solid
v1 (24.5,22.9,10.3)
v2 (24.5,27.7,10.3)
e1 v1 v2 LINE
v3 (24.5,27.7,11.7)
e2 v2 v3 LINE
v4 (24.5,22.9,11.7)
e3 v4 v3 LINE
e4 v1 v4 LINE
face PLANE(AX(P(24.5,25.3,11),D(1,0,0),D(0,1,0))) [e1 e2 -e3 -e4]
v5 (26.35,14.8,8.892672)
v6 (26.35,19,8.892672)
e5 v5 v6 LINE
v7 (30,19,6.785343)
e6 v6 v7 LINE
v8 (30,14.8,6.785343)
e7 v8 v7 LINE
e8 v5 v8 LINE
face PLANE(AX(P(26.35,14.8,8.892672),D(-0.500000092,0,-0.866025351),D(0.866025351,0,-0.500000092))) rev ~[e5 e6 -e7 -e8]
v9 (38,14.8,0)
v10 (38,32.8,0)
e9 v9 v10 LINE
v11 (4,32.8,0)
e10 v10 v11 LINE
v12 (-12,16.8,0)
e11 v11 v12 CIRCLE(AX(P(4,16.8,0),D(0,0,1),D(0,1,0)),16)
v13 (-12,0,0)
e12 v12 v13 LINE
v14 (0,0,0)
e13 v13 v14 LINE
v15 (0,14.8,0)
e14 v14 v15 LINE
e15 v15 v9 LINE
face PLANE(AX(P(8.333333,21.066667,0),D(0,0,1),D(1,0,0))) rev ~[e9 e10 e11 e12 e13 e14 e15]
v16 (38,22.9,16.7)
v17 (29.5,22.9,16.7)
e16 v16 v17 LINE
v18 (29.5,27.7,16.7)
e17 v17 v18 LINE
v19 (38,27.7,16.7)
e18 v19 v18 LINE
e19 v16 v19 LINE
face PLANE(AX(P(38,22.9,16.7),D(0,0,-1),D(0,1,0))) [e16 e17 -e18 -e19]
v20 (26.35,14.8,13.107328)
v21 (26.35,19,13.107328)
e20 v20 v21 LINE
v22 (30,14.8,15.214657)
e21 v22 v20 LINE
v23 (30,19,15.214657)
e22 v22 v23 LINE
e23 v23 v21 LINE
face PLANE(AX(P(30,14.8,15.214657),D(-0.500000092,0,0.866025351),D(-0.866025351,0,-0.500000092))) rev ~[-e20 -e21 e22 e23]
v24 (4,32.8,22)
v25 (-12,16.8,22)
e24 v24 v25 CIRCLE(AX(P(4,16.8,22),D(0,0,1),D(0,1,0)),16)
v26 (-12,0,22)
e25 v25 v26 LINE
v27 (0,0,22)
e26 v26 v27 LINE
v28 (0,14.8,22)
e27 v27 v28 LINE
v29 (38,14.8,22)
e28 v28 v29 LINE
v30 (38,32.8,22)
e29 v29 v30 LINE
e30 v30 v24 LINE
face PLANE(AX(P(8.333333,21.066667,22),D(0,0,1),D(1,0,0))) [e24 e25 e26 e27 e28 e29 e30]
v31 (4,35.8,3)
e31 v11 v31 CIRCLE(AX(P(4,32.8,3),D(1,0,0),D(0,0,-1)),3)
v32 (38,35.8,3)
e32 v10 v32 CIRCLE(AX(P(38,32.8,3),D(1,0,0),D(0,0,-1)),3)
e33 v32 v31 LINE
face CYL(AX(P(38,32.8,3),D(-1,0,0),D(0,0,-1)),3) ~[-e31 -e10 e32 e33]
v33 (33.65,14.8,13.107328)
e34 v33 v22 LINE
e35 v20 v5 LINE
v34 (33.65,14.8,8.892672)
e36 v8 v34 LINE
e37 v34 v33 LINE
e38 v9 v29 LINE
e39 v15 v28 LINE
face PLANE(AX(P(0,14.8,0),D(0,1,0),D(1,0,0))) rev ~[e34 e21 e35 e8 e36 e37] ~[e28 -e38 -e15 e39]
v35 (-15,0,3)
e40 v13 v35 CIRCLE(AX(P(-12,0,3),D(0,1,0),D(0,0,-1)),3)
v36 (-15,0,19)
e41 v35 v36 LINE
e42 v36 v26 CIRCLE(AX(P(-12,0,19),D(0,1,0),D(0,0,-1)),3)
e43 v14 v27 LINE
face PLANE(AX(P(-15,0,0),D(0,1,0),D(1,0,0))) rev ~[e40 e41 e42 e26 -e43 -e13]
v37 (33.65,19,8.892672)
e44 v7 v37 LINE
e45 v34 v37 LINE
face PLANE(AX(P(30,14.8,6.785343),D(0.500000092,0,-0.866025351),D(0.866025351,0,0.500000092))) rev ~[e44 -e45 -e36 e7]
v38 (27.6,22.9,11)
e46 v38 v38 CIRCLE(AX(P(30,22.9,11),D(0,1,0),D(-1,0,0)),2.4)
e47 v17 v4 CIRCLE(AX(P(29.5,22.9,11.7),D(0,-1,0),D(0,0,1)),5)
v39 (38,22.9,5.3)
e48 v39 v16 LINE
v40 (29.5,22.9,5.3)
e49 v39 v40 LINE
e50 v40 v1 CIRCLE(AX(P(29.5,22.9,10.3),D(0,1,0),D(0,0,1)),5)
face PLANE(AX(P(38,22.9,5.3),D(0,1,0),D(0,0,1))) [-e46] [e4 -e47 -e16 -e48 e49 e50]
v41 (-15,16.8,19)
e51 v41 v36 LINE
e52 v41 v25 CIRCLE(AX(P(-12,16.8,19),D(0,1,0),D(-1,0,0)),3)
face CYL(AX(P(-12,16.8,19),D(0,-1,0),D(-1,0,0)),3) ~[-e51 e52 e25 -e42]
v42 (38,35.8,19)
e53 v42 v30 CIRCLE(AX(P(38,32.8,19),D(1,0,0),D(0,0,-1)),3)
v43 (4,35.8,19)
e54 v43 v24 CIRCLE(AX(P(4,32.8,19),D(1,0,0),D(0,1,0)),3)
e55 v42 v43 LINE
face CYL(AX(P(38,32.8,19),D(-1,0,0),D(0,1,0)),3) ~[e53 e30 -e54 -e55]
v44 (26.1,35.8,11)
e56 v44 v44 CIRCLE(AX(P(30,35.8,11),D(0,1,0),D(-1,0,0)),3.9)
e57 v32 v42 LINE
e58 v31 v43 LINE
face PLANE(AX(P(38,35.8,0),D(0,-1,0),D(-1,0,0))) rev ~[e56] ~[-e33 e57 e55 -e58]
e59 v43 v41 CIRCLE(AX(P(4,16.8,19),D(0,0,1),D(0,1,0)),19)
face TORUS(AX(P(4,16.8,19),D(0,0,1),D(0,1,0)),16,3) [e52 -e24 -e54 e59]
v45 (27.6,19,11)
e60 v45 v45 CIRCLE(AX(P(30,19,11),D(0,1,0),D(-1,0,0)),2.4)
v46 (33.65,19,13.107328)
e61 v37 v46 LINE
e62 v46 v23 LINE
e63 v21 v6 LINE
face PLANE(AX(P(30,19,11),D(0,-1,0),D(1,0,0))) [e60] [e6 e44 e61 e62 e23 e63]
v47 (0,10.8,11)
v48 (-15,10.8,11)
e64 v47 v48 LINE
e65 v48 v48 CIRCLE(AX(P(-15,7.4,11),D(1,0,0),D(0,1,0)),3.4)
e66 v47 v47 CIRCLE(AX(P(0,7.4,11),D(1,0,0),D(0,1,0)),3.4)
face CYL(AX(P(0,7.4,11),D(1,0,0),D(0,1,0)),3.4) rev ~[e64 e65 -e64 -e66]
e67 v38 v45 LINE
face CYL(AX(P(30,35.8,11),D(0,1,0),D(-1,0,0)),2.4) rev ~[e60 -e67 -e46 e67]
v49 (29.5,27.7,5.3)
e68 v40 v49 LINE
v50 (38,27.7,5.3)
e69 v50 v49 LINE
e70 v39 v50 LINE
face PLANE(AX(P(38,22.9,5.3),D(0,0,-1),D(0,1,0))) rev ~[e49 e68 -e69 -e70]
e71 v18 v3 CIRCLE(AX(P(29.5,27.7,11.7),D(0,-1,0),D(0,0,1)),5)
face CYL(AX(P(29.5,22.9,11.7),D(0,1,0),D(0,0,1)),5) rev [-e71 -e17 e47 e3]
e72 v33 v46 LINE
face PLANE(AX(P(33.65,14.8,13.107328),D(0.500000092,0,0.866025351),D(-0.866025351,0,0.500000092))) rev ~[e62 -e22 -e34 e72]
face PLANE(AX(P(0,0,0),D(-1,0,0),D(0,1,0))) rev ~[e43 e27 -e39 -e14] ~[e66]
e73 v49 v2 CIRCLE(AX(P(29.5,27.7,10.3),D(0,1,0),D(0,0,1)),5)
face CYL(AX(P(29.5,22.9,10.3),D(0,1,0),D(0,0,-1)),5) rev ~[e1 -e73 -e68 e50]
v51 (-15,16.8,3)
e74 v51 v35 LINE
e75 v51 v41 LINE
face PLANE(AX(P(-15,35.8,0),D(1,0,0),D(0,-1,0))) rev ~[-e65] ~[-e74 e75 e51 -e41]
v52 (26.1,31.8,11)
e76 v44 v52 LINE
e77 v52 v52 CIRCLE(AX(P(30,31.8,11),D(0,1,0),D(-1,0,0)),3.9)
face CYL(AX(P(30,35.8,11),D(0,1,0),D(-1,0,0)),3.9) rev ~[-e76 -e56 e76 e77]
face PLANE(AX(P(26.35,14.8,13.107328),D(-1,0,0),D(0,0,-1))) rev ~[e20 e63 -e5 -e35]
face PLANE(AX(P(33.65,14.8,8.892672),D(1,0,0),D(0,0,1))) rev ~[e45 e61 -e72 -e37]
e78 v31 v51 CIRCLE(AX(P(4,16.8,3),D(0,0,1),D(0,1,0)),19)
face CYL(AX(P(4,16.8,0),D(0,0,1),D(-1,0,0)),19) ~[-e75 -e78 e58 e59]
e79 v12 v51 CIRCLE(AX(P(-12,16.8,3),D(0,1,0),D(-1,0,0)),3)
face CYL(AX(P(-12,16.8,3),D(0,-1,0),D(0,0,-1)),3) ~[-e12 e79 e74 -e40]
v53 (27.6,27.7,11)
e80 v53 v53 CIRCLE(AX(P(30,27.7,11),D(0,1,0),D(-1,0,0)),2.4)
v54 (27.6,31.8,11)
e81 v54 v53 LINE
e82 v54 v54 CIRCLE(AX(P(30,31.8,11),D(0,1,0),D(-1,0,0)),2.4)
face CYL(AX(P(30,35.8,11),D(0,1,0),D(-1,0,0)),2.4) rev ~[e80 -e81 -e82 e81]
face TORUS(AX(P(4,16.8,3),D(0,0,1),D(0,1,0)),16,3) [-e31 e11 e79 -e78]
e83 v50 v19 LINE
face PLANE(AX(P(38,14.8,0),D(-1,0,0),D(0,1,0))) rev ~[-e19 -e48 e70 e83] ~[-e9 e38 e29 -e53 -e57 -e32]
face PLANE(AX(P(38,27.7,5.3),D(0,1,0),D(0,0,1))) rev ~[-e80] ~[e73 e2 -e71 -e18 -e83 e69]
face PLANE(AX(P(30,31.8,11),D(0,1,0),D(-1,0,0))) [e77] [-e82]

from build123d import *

# Parameters (mm, degrees)
PAD_DEPTH       = 22
SKETCH001_R     = 3.4
POCKET_DEPTH    = 15.001
SKETCH002_W     = 4.8
SKETCH002_H     = 11.4
POCKET001_DEPTH = 13.5
SKETCH003_R     = 2.4
POCKET002_DEPTH = 35.801
SKETCH004_R     = 3.9
POCKET003_DEPTH = 4
POCKET004_DEPTH = 4.2
FILLET_R        = 19
FILLET001_R     = 3
FILLET002_R     = 5


with BuildPart() as part:
    # Sketch → Pad (new body)
    with BuildSketch(Plane.XY):
        Polygon((0, 0), (0, 14.8), (38, 14.8), (38, 35.8), (-15, 35.8), (-15, 0), align=None)
    extrude(amount=PAD_DEPTH)

    # Sketch001 (on Face1 of Pad) → Pocket (cut, through all)
    with BuildSketch(Plane.YZ):
        with Locations((7.4, 11)):
            Circle(SKETCH001_R)
    extrude(amount=-POCKET_DEPTH, mode=Mode.SUBTRACT)

    # Sketch002 (on Face8 of Pocket) → Pocket001 (cut)
    with BuildSketch(Plane.YZ.offset(38)):
        with Locations((25.3, 11)):
            Rectangle(SKETCH002_W, SKETCH002_H)
    extrude(amount=-POCKET001_DEPTH, mode=Mode.SUBTRACT)

    # Sketch003 (on Face9 of Pocket001) → Pocket002 (cut, through all)
    with BuildSketch(Plane(origin=(0, 35.8, 0), x_dir=(-1, 0, 0), z_dir=(0, 1, 0))):
        with Locations((-30, 11)):
            Circle(SKETCH003_R)
    extrude(amount=-POCKET002_DEPTH, mode=Mode.SUBTRACT)

    # Sketch004 (on Face9 of Pocket002) → Pocket003 (cut)
    with BuildSketch(Plane(origin=(0, 35.8, 0), x_dir=(-1, 0, 0), z_dir=(0, 1, 0))):
        with Locations((-30, 11)):
            Circle(SKETCH004_R)
    extrude(amount=-POCKET003_DEPTH, mode=Mode.SUBTRACT)

    # Sketch005 (on Face5 of Pocket003) → Pocket004 (cut)
    with BuildSketch(Plane.XZ.offset(-14.8)):
        Polygon((30, 6.785343), (33.65, 8.892672), (33.65, 13.107328), (30, 15.214657), (26.35, 13.107328), (26.35, 8.892672), align=None)
    extrude(amount=-POCKET004_DEPTH, mode=Mode.SUBTRACT)

    # Fillet
    fillet_edges = [part.edges().sort_by_distance(p)[0] for p in [
        (-15, 35.8, 11),
    ]]
    fillet(fillet_edges, radius=FILLET_R)

    # Fillet001
    fillet001_edges = [part.edges().sort_by_distance(p)[0] for p in [
        (-15, 8.4, 22),
        (-15, 8.4, 0),
    ]]
    fillet(fillet001_edges, radius=FILLET001_R)

    # Fillet002
    fillet002_edges = [part.edges().sort_by_distance(p)[0] for p in [
        (24.5, 25.3, 16.7),
        (24.5, 25.3, 5.3),
    ]]
    fillet(fillet002_edges, radius=FILLET002_R)


solid = part.part
